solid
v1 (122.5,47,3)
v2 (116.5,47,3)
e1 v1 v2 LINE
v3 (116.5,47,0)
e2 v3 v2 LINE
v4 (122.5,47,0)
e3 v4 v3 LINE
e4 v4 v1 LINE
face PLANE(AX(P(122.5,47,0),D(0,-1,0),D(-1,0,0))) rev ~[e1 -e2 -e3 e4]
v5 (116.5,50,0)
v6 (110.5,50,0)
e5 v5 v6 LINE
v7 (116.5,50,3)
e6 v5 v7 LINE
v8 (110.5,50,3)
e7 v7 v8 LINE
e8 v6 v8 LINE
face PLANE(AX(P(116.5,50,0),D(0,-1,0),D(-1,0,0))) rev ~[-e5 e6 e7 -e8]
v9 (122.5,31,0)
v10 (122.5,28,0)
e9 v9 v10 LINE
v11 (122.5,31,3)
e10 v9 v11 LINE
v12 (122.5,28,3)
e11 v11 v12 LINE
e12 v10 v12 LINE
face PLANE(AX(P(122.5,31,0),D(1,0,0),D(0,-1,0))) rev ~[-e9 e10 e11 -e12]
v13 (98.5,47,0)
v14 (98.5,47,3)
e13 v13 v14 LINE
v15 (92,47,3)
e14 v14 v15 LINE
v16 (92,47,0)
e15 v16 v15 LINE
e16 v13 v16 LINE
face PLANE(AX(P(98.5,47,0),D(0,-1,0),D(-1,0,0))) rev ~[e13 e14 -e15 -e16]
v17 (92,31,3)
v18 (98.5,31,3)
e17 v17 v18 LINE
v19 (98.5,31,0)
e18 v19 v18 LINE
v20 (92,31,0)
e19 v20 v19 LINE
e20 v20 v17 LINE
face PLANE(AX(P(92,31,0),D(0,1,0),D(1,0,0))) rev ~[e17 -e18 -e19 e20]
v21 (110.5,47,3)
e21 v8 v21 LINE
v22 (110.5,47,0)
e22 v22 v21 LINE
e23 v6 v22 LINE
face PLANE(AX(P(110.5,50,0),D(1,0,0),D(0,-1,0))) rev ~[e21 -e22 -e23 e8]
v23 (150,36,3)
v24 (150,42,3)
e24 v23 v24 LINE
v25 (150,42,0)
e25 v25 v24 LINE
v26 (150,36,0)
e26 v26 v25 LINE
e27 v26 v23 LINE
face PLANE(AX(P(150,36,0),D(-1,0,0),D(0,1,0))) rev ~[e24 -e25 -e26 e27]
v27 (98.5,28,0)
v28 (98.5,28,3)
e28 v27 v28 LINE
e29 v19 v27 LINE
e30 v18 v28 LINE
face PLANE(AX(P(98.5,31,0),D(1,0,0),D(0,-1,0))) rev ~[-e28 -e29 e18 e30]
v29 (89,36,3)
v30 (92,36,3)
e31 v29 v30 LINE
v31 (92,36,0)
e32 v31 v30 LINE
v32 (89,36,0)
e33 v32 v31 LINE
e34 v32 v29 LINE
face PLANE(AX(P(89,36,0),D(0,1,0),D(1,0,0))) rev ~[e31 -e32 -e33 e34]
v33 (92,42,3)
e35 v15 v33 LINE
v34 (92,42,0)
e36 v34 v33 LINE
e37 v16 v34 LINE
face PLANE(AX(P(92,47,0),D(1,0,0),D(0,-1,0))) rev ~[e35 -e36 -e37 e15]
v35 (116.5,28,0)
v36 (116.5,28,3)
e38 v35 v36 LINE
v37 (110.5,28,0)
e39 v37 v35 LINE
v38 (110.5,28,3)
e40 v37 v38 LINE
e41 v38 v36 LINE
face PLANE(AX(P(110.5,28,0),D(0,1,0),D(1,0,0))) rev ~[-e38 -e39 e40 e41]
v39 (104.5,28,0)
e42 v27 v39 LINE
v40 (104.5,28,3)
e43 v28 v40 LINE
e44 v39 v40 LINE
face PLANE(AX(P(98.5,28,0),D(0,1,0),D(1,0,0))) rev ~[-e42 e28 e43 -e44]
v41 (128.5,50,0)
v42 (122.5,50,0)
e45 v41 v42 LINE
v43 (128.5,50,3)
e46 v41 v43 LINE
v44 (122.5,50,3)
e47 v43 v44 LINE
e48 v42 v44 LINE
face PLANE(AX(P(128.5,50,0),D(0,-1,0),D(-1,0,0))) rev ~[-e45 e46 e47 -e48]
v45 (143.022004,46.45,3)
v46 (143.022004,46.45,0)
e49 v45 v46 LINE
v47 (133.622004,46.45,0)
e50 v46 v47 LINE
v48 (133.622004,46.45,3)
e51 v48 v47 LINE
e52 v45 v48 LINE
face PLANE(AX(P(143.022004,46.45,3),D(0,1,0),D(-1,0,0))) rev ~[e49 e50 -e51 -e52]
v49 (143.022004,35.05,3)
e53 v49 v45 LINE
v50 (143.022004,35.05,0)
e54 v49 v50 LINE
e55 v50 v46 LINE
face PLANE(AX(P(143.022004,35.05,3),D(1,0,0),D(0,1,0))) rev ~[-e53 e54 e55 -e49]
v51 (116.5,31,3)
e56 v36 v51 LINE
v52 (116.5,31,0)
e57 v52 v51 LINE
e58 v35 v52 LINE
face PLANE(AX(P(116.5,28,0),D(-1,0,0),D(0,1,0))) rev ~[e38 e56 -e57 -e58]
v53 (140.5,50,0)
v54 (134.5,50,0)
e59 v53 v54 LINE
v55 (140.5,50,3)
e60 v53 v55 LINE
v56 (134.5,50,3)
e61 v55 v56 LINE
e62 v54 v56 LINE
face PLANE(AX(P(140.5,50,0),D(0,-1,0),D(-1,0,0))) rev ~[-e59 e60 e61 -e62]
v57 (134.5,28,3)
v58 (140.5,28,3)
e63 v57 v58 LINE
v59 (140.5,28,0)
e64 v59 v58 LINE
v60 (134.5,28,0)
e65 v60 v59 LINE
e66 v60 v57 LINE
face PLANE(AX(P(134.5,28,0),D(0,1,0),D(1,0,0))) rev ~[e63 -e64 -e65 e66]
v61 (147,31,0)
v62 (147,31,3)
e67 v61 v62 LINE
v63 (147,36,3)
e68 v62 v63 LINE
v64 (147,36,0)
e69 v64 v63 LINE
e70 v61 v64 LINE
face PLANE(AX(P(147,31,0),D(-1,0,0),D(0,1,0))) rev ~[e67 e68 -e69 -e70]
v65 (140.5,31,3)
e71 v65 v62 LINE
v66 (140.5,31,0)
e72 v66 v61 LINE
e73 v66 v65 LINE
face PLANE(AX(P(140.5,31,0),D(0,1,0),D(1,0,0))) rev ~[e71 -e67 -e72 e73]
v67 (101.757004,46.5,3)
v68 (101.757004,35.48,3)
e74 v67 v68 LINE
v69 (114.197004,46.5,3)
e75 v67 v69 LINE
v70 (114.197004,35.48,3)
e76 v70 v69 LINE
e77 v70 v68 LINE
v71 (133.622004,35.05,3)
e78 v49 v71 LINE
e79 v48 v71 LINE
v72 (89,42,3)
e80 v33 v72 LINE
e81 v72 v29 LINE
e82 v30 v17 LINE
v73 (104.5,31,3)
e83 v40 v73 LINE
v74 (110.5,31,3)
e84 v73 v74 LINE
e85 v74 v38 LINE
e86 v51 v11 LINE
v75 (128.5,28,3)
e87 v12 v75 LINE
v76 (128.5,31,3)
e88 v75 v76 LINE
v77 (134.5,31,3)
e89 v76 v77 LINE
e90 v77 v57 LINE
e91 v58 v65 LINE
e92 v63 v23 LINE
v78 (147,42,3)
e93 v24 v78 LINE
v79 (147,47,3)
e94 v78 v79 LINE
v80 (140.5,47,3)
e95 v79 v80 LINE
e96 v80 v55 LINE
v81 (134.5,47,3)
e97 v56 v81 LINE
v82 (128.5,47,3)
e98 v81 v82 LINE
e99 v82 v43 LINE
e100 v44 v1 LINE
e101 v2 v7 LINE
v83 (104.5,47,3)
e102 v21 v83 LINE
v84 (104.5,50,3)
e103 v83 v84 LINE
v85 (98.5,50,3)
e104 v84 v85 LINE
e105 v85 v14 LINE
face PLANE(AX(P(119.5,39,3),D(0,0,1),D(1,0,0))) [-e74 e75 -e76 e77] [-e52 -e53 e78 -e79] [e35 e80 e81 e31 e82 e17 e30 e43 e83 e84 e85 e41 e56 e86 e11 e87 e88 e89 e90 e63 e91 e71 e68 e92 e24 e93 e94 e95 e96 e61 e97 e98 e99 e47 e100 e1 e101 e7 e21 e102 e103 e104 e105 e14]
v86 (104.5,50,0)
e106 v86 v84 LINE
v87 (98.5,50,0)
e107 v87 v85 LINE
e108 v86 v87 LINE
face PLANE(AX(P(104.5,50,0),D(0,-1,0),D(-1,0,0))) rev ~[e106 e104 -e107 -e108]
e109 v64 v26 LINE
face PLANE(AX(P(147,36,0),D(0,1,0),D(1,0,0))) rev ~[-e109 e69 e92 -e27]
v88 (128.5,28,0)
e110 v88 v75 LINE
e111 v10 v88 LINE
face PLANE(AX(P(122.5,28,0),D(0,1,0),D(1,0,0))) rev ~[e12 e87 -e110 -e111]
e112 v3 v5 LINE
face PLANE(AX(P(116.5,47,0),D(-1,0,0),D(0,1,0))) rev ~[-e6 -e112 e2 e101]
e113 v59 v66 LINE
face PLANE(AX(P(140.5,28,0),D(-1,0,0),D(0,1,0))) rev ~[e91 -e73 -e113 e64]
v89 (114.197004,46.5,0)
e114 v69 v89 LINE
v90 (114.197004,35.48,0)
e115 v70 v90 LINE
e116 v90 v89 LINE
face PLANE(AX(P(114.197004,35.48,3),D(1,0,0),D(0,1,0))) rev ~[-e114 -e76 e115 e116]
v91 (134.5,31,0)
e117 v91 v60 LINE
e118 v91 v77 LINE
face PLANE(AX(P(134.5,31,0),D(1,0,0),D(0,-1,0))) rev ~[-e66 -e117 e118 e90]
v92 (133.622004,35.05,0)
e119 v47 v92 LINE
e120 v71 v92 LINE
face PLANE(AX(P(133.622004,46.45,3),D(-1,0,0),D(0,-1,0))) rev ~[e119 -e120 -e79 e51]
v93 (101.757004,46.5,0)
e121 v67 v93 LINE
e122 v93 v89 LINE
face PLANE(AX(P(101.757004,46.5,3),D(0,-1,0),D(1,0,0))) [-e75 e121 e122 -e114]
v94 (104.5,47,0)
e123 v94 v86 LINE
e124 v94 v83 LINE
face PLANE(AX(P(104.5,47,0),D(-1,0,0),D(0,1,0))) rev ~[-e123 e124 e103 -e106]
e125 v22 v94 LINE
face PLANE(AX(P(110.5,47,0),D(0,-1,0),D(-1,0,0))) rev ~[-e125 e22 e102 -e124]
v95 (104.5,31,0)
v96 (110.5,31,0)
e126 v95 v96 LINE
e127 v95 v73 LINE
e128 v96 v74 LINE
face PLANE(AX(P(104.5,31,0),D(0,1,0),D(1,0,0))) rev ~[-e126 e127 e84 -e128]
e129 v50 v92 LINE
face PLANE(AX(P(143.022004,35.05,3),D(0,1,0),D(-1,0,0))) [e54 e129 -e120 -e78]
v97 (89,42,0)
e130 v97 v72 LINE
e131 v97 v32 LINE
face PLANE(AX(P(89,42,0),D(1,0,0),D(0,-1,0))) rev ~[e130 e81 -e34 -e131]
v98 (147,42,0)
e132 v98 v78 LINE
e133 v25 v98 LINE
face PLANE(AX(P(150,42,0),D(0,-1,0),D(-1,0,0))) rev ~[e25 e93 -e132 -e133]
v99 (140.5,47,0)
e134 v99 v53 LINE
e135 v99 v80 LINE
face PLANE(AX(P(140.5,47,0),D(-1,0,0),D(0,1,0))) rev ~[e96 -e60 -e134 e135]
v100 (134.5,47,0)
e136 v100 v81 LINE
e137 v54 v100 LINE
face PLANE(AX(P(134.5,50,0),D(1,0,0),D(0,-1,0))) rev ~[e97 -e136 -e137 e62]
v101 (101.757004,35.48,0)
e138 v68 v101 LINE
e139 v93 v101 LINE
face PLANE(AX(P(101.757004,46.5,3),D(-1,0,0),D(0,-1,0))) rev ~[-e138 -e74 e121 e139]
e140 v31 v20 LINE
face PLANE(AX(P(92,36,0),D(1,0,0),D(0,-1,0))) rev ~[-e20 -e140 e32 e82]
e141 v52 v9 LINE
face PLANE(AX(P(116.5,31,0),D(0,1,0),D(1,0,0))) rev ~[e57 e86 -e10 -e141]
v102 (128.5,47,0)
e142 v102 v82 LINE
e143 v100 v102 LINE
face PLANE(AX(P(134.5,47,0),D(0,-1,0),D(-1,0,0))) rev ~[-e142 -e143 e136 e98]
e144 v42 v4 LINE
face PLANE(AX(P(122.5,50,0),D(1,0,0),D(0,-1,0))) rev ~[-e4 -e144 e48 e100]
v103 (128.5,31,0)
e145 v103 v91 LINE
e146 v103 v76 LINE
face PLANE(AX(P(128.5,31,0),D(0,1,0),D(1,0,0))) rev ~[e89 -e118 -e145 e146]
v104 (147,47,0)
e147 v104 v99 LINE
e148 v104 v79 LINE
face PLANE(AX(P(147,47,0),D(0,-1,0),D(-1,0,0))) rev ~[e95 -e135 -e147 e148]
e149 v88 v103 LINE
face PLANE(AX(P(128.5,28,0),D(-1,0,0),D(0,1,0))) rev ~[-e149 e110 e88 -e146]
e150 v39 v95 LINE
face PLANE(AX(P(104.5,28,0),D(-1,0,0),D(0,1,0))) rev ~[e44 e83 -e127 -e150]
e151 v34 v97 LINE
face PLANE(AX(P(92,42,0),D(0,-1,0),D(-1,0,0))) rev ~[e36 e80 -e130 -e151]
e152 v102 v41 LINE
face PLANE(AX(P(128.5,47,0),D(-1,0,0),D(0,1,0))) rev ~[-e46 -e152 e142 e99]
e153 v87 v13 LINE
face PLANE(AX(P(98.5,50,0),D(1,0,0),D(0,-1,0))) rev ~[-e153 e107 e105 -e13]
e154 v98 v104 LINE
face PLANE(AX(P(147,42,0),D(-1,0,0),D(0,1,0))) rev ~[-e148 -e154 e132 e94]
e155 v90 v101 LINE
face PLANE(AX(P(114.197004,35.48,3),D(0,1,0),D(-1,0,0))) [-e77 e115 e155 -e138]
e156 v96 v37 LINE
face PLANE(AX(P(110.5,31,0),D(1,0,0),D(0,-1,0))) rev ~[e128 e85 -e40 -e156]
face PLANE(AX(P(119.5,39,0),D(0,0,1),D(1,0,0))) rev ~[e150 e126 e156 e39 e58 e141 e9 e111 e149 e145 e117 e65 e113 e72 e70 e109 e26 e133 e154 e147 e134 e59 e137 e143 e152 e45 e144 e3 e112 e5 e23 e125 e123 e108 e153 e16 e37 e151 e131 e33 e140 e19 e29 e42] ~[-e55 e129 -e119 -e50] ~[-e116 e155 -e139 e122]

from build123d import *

# Parameters (mm, degrees)
EXTRUDE_1_DEPTH     = 3
CUT_EXTRUDE_1_DEPTH = 159.142340946


with BuildPart() as part:
    # Model → 凸台-拉伸1 (new body)
    with BuildSketch(Plane.XY):
        Polygon((92, 47), (92, 42), (89, 42), (89, 36), (92, 36), (92, 31), (98.5, 31), (98.5, 28), (104.5, 28), (104.5, 31), (110.5, 31), (110.5, 28), (116.5, 28), (116.5, 31), (122.5, 31), (122.5, 28), (128.5, 28), (128.5, 31), (134.5, 31), (134.5, 28), (140.5, 28), (140.5, 31), (146.5, 31), (147, 31), (147, 36), (150, 36), (150, 42), (147, 42), (147, 47), (140.5, 47), (140.5, 50), (134.5, 50), (134.5, 47), (128.5, 47), (128.5, 50), (122.5, 50), (122.5, 47), (116.5, 47), (116.5, 50), (110.5, 50), (110.5, 47), (104.5, 47), (104.5, 50), (98.5, 50), (98.5, 47), (92.5, 47), align=None)
    extrude(amount=EXTRUDE_1_DEPTH)

    # 草图2 → 切除-拉伸1 (cut, through all)
    with BuildSketch(Plane.XY.offset(3)):
        Polygon((133.622004458, 45.75), (133.622004458, 46.45), (134.322004458, 46.45), (142.322004458, 46.45), (143.022004458, 46.45), (143.022004458, 45.75), (143.022004458, 35.05), (133.622004458, 35.05), align=None)
        Polygon((114.197004458, 35.48), (101.757004458, 35.48), (101.757004458, 45.74), (101.757004458, 46.5), (114.197004458, 46.5), (114.197004458, 45.74), align=None)
    extrude(amount=-CUT_EXTRUDE_1_DEPTH, mode=Mode.SUBTRACT)


solid = part.part
